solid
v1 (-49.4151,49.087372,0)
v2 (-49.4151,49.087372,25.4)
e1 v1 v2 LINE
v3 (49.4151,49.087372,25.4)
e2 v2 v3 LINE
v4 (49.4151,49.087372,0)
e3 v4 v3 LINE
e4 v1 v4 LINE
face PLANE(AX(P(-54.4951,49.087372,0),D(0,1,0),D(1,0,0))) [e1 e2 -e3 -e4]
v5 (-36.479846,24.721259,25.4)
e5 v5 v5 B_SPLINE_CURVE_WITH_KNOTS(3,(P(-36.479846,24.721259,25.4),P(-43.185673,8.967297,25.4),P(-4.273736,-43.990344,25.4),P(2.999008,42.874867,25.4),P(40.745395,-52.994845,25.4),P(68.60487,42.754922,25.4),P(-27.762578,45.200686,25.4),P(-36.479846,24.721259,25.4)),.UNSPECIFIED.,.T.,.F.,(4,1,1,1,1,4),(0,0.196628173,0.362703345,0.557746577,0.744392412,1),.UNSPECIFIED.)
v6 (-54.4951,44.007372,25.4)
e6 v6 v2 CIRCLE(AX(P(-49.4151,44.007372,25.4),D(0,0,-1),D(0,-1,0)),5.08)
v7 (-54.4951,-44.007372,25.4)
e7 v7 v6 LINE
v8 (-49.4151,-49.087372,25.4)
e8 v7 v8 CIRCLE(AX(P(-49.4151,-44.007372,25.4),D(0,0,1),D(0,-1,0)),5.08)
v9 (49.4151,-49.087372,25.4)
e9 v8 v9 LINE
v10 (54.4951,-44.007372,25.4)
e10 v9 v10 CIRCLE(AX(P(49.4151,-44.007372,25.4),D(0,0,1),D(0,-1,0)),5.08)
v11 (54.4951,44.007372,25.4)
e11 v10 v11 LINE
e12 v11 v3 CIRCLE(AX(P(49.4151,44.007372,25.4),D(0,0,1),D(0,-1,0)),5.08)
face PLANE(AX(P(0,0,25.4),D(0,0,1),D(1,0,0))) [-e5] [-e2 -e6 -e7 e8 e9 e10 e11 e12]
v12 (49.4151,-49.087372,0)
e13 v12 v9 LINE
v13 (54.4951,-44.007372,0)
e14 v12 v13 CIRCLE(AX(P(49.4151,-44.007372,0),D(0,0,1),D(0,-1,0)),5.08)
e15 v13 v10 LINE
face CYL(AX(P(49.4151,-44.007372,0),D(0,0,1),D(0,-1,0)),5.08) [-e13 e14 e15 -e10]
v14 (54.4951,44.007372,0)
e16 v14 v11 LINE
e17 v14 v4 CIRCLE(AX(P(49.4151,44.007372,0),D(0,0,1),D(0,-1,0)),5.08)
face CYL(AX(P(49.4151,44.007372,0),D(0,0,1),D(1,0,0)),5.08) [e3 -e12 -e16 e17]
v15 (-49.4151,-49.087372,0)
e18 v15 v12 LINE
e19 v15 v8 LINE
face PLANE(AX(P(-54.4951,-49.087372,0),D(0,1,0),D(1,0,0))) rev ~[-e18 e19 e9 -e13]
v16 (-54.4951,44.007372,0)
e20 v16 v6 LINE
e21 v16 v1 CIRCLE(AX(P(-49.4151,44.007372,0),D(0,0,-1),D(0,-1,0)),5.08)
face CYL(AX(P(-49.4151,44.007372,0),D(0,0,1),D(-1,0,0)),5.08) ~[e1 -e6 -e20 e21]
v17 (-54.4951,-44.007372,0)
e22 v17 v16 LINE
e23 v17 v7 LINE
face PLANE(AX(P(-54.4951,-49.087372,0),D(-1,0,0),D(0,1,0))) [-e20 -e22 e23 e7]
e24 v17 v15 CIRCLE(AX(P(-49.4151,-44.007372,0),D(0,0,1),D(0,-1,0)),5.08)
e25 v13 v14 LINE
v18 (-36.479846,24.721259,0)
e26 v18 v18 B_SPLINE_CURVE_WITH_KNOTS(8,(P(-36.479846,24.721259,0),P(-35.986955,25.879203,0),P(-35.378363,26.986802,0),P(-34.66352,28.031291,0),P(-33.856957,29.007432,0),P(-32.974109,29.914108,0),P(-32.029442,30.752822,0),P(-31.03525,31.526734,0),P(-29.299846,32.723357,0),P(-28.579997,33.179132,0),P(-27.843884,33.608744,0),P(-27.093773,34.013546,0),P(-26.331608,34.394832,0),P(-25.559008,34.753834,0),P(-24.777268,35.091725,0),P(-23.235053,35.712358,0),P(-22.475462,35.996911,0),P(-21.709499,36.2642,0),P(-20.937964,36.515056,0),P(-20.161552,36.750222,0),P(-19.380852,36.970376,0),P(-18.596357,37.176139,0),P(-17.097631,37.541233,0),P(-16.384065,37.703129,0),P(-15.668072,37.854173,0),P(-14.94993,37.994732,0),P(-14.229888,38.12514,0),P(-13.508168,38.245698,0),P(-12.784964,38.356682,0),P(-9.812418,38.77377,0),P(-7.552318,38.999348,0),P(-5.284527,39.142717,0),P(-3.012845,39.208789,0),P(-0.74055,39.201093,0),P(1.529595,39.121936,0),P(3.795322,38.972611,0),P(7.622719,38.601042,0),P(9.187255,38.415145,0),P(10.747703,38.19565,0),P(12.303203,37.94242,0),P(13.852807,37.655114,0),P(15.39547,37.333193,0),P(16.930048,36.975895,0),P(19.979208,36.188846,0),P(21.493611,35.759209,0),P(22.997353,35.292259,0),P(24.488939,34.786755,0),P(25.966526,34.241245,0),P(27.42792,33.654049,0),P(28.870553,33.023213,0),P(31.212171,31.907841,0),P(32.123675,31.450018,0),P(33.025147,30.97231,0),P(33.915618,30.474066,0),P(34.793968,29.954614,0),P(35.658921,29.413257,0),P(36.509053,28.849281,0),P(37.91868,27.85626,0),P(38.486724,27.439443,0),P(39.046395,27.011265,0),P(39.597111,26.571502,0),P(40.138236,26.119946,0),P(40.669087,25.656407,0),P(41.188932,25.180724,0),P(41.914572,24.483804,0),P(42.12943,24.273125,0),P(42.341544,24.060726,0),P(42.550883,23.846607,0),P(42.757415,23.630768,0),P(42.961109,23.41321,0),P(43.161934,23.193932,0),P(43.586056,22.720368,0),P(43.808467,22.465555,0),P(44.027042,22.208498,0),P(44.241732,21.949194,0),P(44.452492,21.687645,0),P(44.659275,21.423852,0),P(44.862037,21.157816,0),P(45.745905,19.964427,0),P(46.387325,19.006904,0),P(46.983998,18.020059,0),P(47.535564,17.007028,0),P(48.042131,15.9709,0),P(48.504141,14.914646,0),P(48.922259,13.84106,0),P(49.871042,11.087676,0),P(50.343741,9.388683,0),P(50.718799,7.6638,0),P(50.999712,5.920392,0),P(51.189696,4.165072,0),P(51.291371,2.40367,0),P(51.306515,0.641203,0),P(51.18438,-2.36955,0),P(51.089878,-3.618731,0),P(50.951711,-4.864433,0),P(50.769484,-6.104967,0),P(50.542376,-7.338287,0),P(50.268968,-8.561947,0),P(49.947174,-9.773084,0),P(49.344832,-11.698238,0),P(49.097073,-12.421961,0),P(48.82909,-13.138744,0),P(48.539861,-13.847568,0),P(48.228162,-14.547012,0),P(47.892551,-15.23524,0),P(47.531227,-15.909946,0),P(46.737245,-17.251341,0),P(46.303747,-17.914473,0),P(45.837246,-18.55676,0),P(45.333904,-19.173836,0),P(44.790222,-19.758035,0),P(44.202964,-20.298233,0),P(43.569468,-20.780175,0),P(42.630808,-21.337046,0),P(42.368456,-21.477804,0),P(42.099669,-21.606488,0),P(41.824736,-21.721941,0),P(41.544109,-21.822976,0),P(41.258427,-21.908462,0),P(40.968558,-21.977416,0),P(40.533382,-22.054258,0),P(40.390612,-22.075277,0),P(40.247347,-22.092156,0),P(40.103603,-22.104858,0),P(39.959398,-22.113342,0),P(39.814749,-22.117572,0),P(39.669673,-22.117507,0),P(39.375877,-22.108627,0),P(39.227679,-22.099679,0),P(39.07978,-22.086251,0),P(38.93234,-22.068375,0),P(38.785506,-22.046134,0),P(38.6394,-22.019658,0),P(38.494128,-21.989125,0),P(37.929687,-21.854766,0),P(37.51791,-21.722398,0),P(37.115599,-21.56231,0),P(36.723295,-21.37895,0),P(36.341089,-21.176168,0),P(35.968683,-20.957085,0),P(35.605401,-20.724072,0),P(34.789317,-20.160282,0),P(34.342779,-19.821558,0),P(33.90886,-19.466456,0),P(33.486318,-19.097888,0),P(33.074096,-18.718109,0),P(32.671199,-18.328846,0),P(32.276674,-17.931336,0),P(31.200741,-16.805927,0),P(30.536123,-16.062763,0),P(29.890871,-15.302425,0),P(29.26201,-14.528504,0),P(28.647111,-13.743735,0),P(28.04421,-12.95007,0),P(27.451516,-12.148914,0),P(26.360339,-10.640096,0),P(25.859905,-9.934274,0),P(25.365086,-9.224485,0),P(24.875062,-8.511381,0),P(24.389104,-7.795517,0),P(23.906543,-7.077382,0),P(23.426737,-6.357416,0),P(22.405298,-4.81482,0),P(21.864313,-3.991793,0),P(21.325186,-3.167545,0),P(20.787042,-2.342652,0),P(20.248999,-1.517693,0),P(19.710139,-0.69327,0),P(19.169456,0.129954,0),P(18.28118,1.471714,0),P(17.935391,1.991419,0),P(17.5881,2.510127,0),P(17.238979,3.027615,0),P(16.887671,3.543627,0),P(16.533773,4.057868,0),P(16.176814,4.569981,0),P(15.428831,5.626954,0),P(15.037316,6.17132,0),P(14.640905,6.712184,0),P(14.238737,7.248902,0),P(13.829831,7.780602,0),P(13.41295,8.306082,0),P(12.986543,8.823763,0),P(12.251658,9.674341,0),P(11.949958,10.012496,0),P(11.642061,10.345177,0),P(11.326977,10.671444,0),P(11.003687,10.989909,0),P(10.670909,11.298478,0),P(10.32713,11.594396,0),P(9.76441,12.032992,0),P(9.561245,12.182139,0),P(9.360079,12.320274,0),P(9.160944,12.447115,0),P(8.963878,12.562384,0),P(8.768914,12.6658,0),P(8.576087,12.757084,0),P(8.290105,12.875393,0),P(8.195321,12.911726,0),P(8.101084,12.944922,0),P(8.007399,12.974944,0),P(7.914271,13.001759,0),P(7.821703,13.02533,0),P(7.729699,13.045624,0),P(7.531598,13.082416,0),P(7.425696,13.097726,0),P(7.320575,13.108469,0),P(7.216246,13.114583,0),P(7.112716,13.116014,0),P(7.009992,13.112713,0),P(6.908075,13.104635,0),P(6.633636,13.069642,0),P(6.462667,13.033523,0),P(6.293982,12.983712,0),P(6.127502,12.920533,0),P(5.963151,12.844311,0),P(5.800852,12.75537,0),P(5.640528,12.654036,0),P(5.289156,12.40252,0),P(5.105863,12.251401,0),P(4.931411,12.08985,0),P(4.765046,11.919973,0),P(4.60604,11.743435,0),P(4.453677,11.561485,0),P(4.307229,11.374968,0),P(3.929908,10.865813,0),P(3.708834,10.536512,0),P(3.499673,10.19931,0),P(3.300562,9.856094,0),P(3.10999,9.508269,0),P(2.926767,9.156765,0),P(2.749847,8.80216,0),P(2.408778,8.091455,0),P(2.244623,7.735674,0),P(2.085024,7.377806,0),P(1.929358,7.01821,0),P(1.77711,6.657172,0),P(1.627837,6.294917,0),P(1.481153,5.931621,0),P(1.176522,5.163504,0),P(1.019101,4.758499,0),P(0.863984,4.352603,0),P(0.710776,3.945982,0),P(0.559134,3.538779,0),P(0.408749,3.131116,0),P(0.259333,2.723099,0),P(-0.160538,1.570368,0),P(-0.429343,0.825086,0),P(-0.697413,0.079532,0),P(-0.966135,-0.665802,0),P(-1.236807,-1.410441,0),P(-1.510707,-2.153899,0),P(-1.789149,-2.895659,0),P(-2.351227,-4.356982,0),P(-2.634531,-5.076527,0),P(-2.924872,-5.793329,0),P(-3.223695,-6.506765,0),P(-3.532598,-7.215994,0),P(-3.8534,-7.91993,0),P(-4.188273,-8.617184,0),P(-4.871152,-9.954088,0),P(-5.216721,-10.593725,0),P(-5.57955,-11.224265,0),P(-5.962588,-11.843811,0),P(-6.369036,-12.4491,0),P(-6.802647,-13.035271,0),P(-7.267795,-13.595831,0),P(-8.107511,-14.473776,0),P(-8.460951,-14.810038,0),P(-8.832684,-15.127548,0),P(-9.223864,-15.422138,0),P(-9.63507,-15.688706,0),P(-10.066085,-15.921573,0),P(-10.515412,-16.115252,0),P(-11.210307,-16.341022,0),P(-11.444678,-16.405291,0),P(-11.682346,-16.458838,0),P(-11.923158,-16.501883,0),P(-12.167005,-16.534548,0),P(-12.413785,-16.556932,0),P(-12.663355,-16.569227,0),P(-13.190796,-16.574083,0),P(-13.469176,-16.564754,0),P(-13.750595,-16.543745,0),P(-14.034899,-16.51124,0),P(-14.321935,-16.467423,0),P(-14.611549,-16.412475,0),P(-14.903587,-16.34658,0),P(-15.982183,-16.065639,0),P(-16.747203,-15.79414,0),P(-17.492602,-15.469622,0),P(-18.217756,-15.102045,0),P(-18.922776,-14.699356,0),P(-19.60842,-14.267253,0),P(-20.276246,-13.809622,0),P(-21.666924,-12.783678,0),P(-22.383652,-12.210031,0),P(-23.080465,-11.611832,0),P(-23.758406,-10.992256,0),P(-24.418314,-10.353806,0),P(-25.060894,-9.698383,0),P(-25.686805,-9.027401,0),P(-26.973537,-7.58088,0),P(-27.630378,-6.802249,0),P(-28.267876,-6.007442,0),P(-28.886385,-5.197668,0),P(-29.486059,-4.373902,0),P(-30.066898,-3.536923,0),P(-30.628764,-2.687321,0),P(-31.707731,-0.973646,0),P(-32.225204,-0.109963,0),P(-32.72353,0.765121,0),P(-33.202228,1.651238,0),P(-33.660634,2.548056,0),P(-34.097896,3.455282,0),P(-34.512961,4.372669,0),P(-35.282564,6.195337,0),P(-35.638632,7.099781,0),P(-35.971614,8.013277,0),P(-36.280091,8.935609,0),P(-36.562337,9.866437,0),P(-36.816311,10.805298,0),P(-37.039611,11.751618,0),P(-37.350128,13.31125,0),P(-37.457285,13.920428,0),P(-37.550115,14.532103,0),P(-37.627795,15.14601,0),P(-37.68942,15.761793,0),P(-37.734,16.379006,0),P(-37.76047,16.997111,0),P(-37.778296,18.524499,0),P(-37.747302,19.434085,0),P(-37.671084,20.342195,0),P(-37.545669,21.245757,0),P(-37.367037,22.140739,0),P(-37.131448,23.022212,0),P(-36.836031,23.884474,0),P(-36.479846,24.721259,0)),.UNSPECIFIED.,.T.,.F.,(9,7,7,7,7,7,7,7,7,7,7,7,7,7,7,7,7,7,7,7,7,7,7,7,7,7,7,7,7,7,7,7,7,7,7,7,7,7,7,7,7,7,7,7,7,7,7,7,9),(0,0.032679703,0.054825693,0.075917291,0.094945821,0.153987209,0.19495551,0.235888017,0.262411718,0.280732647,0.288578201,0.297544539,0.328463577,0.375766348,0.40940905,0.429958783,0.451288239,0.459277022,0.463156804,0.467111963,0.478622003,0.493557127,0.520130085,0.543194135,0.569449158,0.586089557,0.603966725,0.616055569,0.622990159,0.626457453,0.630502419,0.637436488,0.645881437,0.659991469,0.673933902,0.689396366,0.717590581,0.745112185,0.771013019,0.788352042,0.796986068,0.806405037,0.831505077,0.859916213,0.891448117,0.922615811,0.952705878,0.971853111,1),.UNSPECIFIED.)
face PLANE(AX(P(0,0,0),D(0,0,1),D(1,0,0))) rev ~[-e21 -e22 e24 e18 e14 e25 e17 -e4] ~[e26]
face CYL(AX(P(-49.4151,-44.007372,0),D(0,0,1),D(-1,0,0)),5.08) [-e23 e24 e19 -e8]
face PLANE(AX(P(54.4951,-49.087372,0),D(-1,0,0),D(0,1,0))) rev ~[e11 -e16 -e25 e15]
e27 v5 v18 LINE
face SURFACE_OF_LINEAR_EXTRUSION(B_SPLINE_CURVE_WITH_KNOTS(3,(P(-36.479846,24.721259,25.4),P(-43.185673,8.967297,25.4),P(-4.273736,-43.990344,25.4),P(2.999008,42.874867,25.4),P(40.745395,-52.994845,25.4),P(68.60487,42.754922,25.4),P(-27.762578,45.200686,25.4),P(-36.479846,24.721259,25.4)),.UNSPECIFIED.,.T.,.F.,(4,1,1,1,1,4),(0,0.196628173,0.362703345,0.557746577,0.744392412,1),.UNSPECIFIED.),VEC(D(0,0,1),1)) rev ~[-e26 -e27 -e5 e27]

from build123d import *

# Parameters (mm, degrees)
F0_W     = 108.9901998639
F0_H     = 98.1747433543
F1_DEPTH = 25.4
F2_R     = 5.08
F4_DEPTH = 25.401


with BuildPart() as f1:
    # F0 (on Top) → F1 (new body)
    with BuildSketch(Plane.XY):
        Rectangle(F0_W, F0_H)
    extrude(amount=F1_DEPTH)

    # F2
    f2_edges = [f1.edges().sort_by_distance(p)[0] for p in [
        (54.4951, -49.087372, 12.7),
        (54.4951, 49.087372, 12.7),
        (-54.4951, 49.087372, 12.7),
        (-54.4951, -49.087372, 12.7),
    ]]
    fillet(f2_edges, radius=F2_R)

    # F3 (on face) → F4 (cut, through all)
    with BuildSketch(Plane.XY.offset(25.4)):
        with BuildLine():
            add(Edge.make_bspline(
                [(-36.479845643, 24.7212592512), (-43.1856734069, 8.9672969495), (-4.2737359925, -43.9903438942), (2.9990084554, 42.8748674839), (40.7453945946, -52.9948447228), (68.6048702218, 42.7549224434), (-27.7625777428, 45.2006862081), (-36.479845643, 24.7212592512)],
                knots=[0, 0, 0, 0, 0.1966281732, 0.3627033453, 0.5577465769, 0.7443924117, 1, 1, 1, 1], degree=3))
        make_face()
    extrude(amount=-F4_DEPTH, mode=Mode.SUBTRACT)


solid = f1.part
